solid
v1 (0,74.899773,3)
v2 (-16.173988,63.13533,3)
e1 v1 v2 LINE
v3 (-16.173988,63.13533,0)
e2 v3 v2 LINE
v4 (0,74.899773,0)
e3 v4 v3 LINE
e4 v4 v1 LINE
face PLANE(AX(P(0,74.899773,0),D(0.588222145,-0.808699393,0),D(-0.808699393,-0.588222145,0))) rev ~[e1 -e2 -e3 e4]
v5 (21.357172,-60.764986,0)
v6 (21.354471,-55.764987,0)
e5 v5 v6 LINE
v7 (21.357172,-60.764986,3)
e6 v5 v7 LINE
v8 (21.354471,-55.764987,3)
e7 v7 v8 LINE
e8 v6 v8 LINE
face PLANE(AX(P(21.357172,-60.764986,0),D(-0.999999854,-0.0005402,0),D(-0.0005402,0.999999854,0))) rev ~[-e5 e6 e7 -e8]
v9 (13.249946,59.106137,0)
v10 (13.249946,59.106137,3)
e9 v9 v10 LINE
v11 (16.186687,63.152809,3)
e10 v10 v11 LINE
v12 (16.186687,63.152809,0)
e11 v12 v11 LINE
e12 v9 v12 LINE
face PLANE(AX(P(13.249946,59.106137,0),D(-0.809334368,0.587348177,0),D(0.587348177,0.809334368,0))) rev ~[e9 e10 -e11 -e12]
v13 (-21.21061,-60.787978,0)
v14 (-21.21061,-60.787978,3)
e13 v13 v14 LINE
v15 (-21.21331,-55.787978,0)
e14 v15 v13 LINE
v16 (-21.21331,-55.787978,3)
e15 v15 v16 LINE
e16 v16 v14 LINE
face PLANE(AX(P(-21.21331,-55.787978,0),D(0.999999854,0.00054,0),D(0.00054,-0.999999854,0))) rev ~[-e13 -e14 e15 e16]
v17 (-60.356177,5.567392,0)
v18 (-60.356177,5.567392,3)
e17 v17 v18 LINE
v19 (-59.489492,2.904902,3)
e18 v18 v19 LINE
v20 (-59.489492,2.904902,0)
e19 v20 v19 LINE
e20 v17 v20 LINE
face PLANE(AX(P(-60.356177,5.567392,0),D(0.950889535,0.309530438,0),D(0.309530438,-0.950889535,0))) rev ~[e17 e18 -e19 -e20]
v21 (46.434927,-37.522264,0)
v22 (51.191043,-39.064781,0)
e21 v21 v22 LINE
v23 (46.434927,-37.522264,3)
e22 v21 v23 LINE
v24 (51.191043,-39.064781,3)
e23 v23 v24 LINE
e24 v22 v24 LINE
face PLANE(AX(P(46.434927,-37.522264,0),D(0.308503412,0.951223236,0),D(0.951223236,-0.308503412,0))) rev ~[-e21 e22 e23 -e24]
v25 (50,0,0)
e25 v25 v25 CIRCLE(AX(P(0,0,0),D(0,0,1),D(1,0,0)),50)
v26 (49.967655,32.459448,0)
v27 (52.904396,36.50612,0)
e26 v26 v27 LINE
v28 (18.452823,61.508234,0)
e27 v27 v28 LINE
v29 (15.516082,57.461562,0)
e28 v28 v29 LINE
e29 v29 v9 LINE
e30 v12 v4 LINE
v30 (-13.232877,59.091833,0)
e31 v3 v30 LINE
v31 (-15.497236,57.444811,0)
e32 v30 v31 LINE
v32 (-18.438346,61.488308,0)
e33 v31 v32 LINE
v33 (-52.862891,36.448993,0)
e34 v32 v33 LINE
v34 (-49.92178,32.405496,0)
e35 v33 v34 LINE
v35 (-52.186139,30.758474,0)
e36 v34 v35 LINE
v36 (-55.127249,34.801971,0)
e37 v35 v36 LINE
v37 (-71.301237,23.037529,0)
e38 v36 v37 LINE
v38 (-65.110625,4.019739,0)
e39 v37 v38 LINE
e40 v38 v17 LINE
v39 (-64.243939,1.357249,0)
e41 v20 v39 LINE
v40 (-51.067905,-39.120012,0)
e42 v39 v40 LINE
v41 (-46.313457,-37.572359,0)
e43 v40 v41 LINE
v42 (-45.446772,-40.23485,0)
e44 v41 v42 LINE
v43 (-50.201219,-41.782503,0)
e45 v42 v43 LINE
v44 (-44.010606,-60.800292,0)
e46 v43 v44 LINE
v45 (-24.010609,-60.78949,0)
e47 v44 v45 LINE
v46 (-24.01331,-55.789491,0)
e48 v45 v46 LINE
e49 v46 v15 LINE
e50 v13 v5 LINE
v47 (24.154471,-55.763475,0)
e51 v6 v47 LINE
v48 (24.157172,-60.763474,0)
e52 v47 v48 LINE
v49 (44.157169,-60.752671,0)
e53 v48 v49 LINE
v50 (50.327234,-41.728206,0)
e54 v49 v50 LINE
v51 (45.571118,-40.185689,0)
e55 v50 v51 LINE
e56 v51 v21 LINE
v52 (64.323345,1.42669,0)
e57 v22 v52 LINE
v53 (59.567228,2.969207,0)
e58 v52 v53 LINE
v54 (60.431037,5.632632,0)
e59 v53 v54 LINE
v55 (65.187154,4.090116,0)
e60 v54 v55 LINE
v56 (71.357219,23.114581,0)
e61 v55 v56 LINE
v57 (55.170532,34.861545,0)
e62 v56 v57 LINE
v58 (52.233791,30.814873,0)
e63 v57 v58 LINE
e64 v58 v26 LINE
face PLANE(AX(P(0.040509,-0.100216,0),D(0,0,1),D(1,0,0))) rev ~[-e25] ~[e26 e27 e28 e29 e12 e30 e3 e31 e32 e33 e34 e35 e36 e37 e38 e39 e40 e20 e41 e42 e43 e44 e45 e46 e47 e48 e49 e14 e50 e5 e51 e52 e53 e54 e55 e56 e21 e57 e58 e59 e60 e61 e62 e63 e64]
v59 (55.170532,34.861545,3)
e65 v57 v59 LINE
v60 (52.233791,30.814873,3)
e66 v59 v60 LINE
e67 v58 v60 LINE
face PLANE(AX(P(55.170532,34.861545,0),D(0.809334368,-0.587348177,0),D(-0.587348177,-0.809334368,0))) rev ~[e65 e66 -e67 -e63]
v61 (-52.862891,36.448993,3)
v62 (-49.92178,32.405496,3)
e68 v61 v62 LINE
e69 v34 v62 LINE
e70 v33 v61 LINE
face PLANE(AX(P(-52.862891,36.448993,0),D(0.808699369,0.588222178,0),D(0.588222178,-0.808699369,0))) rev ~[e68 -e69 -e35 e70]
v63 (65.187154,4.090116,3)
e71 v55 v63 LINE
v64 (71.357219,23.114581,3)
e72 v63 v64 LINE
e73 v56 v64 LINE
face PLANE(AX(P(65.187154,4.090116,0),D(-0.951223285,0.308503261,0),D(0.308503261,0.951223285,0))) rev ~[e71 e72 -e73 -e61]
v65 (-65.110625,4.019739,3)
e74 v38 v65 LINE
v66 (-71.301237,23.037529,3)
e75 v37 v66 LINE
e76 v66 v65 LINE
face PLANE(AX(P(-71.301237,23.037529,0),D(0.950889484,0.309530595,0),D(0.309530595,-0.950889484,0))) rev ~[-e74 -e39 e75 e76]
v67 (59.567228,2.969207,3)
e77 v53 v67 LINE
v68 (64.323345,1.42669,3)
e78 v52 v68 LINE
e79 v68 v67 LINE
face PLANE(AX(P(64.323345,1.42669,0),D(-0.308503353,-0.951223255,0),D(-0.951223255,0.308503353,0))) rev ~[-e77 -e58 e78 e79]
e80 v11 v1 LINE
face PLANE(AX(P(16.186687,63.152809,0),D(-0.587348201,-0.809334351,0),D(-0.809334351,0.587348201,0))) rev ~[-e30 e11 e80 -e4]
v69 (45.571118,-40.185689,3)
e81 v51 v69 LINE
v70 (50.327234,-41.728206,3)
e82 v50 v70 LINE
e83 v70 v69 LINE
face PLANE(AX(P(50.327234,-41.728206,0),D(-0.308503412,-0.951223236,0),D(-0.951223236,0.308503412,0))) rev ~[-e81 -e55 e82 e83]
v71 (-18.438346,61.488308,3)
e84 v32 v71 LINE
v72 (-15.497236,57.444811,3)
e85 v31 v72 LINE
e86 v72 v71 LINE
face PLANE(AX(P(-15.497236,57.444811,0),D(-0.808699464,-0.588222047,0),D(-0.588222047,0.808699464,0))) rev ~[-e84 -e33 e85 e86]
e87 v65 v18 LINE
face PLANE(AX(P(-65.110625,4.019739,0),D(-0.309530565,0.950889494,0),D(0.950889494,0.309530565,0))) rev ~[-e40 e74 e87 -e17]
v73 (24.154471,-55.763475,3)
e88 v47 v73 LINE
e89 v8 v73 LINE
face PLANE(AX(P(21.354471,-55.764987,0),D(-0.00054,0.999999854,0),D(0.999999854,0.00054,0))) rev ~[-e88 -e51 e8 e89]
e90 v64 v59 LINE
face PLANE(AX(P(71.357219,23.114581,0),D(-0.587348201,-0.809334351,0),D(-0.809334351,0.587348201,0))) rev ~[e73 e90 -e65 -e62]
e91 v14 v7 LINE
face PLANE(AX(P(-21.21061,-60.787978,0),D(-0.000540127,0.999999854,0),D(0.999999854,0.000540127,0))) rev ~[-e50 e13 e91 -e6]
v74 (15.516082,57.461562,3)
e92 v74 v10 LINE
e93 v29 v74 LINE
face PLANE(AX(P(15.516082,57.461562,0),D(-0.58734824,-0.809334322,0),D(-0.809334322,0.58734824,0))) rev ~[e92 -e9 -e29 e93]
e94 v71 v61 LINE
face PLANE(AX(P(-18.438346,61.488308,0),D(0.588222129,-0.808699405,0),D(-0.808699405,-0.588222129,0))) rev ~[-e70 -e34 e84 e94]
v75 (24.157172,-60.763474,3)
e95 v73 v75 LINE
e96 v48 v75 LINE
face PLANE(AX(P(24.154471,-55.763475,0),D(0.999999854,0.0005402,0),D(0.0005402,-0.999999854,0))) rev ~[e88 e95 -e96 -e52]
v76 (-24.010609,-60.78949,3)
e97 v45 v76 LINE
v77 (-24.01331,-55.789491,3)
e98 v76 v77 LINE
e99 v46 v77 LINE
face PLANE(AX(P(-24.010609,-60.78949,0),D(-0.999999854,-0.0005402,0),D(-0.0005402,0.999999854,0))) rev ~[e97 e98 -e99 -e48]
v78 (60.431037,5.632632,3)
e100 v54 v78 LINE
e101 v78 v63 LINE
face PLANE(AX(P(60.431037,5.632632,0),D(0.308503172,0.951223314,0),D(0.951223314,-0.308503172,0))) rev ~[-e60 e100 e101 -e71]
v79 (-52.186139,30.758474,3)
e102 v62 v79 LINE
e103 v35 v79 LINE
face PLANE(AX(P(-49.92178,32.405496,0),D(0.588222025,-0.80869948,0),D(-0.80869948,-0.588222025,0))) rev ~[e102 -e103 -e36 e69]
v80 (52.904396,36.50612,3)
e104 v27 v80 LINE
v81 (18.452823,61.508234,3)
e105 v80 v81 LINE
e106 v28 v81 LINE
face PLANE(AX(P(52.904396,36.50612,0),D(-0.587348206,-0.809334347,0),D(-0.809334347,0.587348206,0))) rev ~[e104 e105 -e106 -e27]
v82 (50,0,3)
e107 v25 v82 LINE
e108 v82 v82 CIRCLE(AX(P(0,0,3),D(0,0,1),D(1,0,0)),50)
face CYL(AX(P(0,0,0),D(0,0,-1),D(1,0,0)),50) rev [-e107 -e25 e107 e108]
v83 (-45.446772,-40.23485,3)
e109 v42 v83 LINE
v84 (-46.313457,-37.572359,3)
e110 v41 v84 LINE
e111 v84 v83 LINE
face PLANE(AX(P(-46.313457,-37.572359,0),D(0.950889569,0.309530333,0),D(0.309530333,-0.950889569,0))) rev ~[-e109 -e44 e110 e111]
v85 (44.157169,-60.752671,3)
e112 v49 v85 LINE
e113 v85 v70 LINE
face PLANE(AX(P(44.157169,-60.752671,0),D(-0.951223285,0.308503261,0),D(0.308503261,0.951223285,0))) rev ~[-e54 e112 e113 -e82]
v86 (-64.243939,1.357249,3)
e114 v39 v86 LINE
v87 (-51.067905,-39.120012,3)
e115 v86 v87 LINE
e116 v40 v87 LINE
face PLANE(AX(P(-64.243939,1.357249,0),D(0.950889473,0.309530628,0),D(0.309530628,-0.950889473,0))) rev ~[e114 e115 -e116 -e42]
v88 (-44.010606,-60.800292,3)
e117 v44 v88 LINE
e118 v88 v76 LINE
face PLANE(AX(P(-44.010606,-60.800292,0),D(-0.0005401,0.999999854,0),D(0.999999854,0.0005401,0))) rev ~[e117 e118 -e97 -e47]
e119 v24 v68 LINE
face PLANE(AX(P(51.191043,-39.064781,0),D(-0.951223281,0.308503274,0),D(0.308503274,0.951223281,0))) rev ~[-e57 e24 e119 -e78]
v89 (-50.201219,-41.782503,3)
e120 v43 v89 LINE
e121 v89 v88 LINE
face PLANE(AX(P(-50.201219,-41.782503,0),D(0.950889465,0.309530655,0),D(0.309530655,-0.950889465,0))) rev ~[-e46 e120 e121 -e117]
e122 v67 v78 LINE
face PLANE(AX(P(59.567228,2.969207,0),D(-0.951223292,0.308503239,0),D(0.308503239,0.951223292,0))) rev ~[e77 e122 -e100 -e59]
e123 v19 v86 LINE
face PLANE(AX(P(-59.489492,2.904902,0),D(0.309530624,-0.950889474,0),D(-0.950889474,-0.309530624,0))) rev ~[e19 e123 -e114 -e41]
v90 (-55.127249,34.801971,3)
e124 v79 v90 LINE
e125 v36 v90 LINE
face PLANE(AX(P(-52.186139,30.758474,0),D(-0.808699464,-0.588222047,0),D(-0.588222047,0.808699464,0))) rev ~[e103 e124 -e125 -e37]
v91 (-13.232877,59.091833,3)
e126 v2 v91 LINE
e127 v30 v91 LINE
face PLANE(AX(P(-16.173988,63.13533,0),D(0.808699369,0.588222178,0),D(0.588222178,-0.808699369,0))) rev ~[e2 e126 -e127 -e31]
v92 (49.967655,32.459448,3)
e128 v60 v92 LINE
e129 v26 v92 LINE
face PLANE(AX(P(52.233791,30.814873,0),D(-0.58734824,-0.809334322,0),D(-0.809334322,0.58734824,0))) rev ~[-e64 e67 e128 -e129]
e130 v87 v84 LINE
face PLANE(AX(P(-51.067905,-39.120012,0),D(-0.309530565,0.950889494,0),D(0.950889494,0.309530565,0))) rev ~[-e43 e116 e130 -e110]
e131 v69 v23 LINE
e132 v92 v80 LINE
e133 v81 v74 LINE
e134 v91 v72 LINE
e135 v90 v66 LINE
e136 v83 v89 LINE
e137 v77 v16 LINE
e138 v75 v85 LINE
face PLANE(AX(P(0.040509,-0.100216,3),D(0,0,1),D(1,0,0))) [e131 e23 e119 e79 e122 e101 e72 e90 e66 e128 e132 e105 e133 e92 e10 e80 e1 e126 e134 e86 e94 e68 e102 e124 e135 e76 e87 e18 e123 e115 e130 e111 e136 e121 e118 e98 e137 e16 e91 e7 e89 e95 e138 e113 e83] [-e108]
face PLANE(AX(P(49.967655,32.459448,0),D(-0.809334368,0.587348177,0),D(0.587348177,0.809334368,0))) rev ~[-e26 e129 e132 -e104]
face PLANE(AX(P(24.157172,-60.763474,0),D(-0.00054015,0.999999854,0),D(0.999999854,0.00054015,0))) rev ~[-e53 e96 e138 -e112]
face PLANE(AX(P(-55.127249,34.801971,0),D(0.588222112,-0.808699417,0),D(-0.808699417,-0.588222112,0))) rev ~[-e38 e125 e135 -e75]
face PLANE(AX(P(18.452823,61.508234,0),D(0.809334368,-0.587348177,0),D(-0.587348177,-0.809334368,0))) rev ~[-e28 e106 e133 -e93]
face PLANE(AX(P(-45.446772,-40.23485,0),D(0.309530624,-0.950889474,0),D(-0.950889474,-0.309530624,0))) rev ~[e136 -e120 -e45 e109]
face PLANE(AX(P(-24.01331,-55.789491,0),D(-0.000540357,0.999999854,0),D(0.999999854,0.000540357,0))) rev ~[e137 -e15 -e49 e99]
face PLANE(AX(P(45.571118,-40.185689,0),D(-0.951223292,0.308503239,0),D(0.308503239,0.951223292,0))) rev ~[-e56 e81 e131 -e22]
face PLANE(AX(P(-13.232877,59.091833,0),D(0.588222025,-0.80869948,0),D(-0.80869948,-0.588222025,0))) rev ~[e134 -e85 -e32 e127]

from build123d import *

# Parameters (mm, degrees)
F0_R     = 50
F1_DEPTH = 3


with BuildPart() as f1:
    # F0 (on Top) → F1 (new body)
    with BuildSketch(Plane.XY):
        Polygon((16.186687, 63.152809), (0, 74.899773), (-16.173988, 63.13533), (-13.232877, 59.091833), (-15.497236, 57.444811), (-18.438346, 61.488308), (-52.862891, 36.448993), (-49.92178, 32.405496), (-52.186139, 30.758474), (-55.127249, 34.801971), (-71.301237, 23.037529), (-65.110625, 4.019739), (-60.356177, 5.567392), (-59.489492, 2.904902), (-64.243939, 1.357249), (-51.067905, -39.120012), (-46.313457, -37.572359), (-45.446772, -40.23485), (-50.201219, -41.782503), (-44.010606, -60.800292), (-24.010609, -60.78949), (-24.01331, -55.789491), (-21.21331, -55.787978), (-21.21061, -60.787978), (21.357172, -60.764986), (21.354471, -55.764987), (24.154471, -55.763475), (24.157172, -60.763474), (44.157169, -60.752671), (50.327234, -41.728206), (45.571118, -40.185689), (46.434927, -37.522264), (51.191043, -39.064781), (64.323345, 1.42669), (59.567228, 2.969207), (60.431037, 5.632632), (65.187154, 4.090116), (71.357219, 23.114581), (55.170532, 34.861545), (52.233791, 30.814873), (49.967655, 32.459448), (52.904396, 36.50612), (18.452823, 61.508234), (15.516082, 57.461562), (13.249946, 59.106137), align=None)
        Circle(F0_R, mode=Mode.SUBTRACT)
    extrude(amount=F1_DEPTH)


solid = f1.part
